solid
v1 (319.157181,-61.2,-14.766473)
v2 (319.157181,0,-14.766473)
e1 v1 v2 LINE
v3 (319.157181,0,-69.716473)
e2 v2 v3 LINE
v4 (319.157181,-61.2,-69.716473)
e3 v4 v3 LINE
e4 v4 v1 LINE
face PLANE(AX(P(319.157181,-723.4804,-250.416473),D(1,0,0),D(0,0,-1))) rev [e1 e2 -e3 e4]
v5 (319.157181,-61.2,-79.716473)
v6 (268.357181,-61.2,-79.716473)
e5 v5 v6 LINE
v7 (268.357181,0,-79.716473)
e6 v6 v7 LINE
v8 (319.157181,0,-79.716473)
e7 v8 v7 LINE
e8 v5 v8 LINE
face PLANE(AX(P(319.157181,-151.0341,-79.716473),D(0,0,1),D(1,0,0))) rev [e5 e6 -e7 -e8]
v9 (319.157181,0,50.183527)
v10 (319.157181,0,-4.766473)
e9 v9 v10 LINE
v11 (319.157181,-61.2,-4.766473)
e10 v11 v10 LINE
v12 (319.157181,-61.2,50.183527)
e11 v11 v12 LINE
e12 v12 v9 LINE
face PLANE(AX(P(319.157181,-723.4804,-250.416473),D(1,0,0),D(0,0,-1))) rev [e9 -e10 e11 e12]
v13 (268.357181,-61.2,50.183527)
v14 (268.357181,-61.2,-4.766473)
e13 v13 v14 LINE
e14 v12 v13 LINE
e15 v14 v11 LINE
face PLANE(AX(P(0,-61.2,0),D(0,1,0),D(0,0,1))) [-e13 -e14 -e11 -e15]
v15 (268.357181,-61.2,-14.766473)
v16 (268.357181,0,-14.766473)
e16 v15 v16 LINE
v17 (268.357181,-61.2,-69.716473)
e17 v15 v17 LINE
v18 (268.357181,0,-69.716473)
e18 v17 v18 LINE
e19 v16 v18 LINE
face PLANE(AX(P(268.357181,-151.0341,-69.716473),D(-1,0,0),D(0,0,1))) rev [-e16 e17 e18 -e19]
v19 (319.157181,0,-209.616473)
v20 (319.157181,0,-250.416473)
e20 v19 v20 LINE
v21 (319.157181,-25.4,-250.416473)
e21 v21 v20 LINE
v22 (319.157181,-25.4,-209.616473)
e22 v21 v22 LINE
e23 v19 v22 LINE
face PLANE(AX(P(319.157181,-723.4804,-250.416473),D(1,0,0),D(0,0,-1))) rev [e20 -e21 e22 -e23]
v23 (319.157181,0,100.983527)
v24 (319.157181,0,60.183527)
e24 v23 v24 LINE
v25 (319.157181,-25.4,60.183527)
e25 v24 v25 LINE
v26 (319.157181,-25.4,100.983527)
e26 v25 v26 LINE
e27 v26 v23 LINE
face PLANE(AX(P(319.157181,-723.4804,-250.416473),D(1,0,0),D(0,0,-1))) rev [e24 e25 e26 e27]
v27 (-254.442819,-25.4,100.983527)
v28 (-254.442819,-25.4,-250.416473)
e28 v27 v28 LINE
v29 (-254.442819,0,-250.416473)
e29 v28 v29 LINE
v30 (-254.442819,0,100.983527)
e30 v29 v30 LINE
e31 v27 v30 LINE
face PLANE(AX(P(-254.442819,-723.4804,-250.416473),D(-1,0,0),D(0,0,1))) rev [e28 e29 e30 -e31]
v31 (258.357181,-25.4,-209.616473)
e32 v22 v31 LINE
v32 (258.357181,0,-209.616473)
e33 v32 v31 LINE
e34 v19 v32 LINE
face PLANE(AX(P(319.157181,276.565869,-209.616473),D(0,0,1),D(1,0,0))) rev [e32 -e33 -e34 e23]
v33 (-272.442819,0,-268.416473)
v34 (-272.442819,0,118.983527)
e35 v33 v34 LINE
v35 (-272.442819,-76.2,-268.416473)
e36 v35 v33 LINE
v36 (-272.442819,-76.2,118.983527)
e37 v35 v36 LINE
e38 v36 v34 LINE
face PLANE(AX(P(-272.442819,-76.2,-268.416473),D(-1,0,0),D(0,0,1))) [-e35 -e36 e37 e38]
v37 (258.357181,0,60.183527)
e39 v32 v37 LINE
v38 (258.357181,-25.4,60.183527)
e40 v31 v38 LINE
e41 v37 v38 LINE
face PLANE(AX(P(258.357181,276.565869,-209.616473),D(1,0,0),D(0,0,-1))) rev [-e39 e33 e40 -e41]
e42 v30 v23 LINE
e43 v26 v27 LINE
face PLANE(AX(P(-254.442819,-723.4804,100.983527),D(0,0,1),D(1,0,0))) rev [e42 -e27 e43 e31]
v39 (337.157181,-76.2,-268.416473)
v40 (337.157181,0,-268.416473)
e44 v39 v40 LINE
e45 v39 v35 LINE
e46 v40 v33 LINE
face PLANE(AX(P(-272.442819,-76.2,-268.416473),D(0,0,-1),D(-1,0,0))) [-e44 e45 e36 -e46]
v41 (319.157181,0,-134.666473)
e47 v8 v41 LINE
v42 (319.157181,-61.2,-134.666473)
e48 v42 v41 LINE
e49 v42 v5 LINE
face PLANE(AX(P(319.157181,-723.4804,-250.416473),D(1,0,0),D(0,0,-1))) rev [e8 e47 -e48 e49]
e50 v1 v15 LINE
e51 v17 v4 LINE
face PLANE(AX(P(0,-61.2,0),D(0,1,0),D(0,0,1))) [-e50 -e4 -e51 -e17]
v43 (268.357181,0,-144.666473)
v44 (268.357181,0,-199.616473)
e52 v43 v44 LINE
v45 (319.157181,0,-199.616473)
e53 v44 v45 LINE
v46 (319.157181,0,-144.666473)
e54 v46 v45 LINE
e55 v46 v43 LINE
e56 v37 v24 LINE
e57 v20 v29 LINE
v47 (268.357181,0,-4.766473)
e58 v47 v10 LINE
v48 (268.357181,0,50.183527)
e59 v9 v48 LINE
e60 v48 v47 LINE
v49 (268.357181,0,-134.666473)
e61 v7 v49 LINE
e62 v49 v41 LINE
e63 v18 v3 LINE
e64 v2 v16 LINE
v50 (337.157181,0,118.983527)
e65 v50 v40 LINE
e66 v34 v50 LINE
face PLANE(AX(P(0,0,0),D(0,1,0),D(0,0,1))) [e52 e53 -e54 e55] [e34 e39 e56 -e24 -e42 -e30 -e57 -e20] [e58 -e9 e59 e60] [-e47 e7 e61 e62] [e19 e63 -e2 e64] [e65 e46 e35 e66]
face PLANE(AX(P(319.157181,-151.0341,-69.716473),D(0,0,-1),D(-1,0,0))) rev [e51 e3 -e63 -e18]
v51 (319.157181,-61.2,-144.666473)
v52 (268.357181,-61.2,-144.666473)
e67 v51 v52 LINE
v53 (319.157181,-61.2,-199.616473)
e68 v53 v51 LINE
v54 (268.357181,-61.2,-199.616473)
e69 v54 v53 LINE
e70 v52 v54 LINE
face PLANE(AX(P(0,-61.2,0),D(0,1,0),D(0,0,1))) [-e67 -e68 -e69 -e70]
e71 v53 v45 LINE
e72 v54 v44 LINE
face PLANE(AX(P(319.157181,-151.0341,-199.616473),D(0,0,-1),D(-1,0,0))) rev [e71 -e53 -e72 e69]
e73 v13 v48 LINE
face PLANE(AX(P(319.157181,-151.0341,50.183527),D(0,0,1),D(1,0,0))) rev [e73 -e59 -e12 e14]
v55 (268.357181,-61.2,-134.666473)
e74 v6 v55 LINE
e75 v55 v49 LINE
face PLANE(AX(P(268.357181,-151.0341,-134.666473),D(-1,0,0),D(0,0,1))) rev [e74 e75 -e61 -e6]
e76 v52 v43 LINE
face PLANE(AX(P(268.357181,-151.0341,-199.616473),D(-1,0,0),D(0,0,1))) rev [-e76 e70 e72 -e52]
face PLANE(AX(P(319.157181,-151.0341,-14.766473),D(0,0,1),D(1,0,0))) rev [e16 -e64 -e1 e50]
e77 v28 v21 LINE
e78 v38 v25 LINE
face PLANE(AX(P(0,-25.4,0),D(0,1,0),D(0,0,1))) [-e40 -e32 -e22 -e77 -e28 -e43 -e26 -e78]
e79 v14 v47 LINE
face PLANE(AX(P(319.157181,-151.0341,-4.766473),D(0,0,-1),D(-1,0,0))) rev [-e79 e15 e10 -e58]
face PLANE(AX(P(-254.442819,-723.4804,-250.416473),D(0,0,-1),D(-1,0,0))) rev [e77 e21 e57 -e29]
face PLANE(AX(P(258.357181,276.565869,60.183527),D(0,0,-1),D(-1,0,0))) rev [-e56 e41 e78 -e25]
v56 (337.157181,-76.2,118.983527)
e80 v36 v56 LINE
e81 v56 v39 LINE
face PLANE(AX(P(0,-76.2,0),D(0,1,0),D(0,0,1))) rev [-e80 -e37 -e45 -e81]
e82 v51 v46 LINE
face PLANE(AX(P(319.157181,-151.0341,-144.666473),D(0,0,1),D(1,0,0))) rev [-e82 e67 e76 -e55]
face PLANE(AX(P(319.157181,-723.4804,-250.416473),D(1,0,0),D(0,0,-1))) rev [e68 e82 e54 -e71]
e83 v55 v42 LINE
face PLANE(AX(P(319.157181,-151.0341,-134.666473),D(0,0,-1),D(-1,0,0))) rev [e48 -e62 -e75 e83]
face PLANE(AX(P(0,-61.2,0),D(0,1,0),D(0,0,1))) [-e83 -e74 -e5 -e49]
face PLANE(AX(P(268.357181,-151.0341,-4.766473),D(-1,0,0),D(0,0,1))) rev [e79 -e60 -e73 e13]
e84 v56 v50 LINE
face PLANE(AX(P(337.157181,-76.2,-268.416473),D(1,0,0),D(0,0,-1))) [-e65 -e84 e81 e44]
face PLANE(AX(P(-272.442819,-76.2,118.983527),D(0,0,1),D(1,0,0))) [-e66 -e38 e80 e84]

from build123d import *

# Parameters (mm, degrees)
SKETCH1_W           = 609.6
SKETCH1_H           = 387.4
BOSS_EXTRUDE1_DEPTH = 76.2
SKETCH2_W           = 573.6
SKETCH2_H           = 351.4
CUT_EXTRUDE1_DEPTH  = 25.4
SKETCH3_W           = 50.8
SKETCH3_H           = 54.95
CUT_EXTRUDE2_DEPTH  = 35.8
BOSS_EXTRUDE2_DEPTH = 25.4


with BuildPart() as part:
    # Sketch1 → Boss-Extrude1 (new body)
    with BuildSketch(Plane(origin=(0, 0, 0), x_dir=(1, 0, 0), z_dir=(0, 1, 0))):
        with Locations((32.357180973, 74.716472916)):
            Rectangle(SKETCH1_W, SKETCH1_H)
    extrude(amount=-BOSS_EXTRUDE1_DEPTH)

    # Sketch2 → Cut-Extrude1 (cut)
    with BuildSketch(Plane(origin=(0, 0, 0), x_dir=(1, 0, 0), z_dir=(0, 1, 0))):
        with Locations((32.357180973, 74.716472916)):
            Rectangle(SKETCH2_W, SKETCH2_H)
    extrude(amount=-CUT_EXTRUDE1_DEPTH, mode=Mode.SUBTRACT)

    # Sketch3 → Cut-Extrude2 (cut)
    with BuildSketch(Plane(origin=(0, -25.4, 0), x_dir=(1, 0, 0), z_dir=(0, 1, 0))):
        with Locations((293.757180973, 172.141472916)):
            Rectangle(SKETCH3_W, SKETCH3_H)
        with Locations((293.757180973, 107.191472916)):
            Rectangle(SKETCH3_W, SKETCH3_H)
        with Locations((293.757180973, 42.241472916)):
            Rectangle(SKETCH3_W, SKETCH3_H)
        with Locations((293.757180973, -22.708527084)):
            Rectangle(SKETCH3_W, SKETCH3_H)
    extrude(amount=-CUT_EXTRUDE2_DEPTH, mode=Mode.SUBTRACT)

    # Sketch7 → Boss-Extrude2 (add)
    with BuildSketch(Plane(origin=(0, -25.4, 0), x_dir=(1, 0, 0), z_dir=(0, 1, 0))):
        Polygon((319.157180973, 209.616472916), (258.357180973, 209.616472916), (258.357180973, -60.183527084), (319.157180973, -60.183527084), (319.157180973, -50.183527084), (268.357180973, -50.183527084), (268.357180973, 4.766472916), (319.157180973, 4.766472916), (319.157180973, 14.766472916), (268.357180973, 14.766472916), (268.357180973, 69.716472916), (319.157180973, 69.716472916), (319.157180973, 79.716472916), (268.357180973, 79.716472916), (268.357180973, 134.666472916), (319.157180973, 134.666472916), (319.157180973, 144.666472916), (268.357180973, 144.666472916), (268.357180973, 199.616472916), (319.157180973, 199.616472916), align=None)
    extrude(amount=BOSS_EXTRUDE2_DEPTH)


solid = part.part
